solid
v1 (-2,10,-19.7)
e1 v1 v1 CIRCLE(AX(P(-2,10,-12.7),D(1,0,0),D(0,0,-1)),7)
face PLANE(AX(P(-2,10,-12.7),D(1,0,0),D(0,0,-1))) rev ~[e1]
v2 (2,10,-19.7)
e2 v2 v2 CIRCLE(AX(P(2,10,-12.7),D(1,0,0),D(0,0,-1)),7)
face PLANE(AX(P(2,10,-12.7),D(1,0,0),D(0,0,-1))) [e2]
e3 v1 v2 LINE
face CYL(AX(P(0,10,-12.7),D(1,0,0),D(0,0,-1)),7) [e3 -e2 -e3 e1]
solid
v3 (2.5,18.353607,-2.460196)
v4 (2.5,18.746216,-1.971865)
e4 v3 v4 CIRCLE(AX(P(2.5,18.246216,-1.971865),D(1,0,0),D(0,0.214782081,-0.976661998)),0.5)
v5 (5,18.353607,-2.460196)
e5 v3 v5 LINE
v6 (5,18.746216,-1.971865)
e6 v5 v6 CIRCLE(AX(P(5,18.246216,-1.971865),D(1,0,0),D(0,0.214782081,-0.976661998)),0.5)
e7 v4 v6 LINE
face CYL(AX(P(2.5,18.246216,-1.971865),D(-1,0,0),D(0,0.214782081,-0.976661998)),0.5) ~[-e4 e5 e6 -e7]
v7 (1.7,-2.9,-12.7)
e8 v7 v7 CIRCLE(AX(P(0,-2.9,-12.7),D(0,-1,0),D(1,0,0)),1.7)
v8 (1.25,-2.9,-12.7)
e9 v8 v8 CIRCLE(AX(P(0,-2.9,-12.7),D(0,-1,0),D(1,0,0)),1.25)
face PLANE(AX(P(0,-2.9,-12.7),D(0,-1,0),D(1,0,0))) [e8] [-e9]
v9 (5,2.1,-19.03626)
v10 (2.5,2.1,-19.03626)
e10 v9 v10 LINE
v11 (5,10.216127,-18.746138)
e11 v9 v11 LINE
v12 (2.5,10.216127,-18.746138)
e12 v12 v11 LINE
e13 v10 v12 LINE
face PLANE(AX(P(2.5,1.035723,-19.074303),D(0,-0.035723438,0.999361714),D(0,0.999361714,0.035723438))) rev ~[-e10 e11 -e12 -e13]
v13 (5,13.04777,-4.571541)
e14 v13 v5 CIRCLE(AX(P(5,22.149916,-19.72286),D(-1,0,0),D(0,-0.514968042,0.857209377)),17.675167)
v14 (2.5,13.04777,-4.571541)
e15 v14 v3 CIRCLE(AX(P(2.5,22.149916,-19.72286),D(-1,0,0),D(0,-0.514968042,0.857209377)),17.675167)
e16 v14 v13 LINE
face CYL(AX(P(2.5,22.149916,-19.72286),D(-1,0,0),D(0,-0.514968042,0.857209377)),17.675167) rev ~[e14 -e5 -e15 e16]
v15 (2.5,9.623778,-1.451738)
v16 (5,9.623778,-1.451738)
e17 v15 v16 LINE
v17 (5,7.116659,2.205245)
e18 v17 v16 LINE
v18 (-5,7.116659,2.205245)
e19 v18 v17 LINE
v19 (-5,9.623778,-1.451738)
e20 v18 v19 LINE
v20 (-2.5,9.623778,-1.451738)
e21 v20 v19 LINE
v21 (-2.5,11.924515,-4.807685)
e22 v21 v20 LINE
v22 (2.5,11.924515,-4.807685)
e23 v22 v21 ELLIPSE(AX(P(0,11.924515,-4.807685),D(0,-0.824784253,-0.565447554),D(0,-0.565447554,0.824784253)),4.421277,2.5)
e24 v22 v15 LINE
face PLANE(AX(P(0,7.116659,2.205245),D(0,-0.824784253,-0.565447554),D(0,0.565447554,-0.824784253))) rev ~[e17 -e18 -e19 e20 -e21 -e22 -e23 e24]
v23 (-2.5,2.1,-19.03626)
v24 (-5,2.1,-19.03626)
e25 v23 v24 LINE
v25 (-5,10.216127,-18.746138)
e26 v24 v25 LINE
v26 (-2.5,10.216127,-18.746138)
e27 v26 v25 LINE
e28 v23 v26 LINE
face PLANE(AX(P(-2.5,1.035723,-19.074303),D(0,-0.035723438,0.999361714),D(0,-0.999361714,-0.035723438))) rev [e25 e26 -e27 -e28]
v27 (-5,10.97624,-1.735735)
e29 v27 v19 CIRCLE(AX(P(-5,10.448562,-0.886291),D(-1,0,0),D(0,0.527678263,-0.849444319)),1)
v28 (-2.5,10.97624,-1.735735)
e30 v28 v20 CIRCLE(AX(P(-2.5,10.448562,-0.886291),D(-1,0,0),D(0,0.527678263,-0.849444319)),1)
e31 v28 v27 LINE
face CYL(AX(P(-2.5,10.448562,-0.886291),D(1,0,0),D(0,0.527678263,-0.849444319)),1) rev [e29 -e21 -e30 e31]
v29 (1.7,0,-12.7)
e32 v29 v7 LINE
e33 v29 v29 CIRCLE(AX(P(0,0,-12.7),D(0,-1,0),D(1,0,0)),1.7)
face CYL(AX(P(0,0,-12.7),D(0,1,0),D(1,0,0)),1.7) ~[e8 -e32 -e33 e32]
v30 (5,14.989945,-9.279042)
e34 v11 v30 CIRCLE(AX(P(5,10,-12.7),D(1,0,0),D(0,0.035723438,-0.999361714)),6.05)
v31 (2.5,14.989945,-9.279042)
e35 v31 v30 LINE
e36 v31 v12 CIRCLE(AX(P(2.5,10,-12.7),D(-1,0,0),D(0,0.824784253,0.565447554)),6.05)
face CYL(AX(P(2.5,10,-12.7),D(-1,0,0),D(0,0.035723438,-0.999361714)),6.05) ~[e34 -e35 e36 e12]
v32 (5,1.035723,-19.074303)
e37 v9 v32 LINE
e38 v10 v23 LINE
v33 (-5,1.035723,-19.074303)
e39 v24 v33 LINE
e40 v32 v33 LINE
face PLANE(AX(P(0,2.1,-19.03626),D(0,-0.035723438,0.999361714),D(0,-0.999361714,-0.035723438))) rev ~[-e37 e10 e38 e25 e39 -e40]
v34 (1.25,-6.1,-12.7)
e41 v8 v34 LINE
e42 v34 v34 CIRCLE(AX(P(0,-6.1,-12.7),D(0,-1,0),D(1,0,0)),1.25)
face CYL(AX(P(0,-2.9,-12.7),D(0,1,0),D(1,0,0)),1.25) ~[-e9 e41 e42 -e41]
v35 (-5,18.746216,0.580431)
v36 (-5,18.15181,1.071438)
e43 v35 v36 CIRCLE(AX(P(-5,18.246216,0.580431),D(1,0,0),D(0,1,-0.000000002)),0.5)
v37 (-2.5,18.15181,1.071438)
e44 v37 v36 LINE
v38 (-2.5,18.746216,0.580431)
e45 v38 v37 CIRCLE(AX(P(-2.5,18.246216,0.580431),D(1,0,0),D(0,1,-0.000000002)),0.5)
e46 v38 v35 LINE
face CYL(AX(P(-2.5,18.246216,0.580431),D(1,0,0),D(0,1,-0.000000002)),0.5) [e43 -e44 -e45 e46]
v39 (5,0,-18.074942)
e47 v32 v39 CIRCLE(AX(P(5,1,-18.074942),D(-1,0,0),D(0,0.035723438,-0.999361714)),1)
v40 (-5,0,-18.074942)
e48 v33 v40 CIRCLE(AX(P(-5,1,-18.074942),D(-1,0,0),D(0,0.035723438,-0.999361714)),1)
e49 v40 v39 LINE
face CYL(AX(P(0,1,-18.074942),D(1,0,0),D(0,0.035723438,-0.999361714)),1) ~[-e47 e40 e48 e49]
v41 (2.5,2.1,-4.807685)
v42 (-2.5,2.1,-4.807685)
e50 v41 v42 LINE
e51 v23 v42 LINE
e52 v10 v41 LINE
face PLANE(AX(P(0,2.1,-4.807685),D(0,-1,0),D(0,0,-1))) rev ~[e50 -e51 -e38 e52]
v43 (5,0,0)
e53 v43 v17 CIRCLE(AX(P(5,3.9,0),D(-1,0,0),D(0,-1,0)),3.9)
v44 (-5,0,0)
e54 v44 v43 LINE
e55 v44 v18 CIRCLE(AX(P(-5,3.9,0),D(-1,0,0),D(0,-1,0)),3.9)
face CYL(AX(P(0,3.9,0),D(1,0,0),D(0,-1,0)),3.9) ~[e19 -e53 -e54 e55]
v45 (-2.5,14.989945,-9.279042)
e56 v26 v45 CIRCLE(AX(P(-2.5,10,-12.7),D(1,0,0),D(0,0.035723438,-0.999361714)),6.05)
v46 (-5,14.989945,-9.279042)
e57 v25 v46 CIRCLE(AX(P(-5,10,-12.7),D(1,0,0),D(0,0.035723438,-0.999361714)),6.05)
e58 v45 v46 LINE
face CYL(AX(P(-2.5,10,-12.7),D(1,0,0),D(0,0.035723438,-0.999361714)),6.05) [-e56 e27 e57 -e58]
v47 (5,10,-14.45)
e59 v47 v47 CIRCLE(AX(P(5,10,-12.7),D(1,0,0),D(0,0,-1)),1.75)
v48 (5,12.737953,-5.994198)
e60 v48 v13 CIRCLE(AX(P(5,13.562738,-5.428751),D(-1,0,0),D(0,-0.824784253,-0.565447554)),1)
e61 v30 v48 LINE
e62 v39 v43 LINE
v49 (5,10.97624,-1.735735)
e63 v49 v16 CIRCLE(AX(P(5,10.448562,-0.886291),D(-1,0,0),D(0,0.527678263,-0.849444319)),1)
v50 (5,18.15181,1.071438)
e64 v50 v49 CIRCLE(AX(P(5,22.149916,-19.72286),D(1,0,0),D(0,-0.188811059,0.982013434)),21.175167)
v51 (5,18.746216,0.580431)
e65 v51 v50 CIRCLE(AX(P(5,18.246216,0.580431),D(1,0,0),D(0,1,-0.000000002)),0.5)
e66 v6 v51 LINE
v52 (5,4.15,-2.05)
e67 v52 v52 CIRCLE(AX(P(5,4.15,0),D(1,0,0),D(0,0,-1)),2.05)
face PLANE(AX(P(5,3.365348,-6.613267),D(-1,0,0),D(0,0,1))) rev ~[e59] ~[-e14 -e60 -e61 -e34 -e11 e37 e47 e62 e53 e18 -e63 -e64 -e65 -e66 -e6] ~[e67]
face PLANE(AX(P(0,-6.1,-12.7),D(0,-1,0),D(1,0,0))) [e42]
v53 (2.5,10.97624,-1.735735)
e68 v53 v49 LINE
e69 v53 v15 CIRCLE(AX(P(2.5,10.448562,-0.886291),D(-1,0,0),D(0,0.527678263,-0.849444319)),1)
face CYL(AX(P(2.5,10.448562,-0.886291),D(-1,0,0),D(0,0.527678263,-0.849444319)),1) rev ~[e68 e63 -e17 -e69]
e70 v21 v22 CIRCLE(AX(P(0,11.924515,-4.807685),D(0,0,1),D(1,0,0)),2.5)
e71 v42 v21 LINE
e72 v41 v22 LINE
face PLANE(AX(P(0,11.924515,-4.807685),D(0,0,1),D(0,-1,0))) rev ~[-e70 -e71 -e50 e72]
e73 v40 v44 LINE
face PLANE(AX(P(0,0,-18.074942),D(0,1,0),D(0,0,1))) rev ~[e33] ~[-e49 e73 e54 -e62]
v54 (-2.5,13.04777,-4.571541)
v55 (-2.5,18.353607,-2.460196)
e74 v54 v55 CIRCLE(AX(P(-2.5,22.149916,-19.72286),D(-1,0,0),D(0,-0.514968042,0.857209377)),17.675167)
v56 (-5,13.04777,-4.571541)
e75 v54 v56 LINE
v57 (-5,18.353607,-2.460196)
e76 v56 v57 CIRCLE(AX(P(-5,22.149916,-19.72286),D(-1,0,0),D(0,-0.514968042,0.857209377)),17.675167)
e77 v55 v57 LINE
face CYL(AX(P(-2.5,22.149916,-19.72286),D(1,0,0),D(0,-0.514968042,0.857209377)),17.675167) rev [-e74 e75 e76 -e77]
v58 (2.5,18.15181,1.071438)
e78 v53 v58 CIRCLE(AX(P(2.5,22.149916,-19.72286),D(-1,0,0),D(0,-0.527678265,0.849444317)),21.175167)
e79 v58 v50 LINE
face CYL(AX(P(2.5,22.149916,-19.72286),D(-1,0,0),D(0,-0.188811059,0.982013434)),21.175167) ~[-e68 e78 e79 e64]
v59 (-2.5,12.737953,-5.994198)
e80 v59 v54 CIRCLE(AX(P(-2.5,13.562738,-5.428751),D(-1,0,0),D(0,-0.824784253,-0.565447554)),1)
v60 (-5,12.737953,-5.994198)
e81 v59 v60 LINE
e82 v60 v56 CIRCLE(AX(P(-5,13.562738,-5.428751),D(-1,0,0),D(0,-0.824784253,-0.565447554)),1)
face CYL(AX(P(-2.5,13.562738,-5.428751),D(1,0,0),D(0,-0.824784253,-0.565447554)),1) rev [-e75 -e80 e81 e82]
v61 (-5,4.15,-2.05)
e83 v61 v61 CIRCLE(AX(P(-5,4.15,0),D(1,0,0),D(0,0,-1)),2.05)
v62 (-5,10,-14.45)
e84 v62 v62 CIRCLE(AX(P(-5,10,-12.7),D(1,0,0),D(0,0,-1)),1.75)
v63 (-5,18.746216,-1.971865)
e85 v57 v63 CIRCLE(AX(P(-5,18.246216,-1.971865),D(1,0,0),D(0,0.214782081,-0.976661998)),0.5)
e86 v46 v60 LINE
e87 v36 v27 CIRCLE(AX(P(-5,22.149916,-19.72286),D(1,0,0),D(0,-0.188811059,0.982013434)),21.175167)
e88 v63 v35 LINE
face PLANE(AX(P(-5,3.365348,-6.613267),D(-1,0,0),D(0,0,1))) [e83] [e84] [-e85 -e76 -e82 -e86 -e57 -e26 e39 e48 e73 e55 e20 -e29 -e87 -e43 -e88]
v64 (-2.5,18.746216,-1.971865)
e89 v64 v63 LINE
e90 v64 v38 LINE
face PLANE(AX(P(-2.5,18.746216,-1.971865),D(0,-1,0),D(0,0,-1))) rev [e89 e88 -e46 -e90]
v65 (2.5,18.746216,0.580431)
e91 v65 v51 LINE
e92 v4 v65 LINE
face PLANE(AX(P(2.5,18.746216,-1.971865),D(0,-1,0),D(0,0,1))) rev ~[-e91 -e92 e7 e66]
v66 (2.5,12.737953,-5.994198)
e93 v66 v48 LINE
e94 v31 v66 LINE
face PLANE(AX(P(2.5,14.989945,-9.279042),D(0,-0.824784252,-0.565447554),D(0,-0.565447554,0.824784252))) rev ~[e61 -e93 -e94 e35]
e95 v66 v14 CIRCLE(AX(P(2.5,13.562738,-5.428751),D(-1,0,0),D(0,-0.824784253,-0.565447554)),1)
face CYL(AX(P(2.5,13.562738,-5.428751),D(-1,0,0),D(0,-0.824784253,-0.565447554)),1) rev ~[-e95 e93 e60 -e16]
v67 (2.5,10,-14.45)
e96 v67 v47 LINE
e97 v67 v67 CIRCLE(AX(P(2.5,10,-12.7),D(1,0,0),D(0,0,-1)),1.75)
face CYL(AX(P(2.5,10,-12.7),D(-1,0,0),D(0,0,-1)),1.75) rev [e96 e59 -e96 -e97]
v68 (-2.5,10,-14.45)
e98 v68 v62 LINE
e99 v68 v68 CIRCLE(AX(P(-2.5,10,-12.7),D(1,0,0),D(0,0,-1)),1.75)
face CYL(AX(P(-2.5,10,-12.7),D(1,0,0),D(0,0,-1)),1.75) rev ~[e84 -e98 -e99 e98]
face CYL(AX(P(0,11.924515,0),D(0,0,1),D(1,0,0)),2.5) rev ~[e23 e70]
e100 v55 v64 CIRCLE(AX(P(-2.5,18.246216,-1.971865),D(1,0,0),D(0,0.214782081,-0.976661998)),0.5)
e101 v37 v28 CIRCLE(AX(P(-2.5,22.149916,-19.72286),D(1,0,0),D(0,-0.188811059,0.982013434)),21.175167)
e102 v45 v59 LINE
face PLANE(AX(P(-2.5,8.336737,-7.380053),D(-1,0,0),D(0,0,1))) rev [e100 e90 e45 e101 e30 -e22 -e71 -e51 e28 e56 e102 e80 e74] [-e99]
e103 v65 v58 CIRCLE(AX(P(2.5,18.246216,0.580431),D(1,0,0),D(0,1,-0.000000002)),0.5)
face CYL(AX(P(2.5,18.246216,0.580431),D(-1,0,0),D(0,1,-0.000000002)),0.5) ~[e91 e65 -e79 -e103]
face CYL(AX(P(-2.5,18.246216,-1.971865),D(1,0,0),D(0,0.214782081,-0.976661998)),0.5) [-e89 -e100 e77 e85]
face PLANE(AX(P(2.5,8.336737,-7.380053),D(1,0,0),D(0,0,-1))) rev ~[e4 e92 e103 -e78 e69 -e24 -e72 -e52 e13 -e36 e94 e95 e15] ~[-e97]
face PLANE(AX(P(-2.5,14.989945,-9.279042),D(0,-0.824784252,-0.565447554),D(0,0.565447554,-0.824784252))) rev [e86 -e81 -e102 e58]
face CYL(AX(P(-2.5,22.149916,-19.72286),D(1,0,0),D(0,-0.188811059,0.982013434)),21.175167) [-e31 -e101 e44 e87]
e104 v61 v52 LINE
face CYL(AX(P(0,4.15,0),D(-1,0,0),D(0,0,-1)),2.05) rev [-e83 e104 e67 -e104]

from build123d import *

# Parameters (mm, degrees)
BOSS_EXTRUDE3_DEPTH      = 5
BOSS_EXTRUDE3_DEPTH_BACK = 5
SKETCH2_R                = 2.05
BOSS_EXTRUDE1_START      = 2.5
SKETCH1_R                = 2.05
SKETCH1_R_2              = 1.75
BOSS_EXTRUDE1_DEPTH      = 2.5
SKETCH4_R                = 2.5
CUT_EXTRUDE1_DEPTH       = 21
SKETCH6_R                = 1.7
BOSS_EXTRUDE4_DEPTH      = 2.9
SKETCH7_R                = 1.25
BOSS_EXTRUDE5_DEPTH      = 3.2
BOSS_EXTRUDE6_DEPTH      = 2
BOSS_EXTRUDE6_DEPTH_BACK = 2
SKETCH8_R                = 7


with BuildPart() as part:
    # Sketch2 → Boss-Extrude3 (new, two sides: drawn at the far end of the back side and taken through both)
    with BuildSketch(Plane(origin=(0, 0, 0), x_dir=(0, 0, -1), z_dir=(1, 0, 0)).offset(-BOSS_EXTRUDE3_DEPTH_BACK)):
        with BuildLine():
            Line((4.807685332, 11.924515372), (4.807685332, 2.1))
            Line((4.807685332, 2.1), (19.036259504, 2.1))
            Line((19.036259504, 2.1), (19.074303405, 1.035723438))
            ThreePointArc((19.074303405, 1.035723438), (18.794567787, 0.30563822), (18.074941691, 0))
            Line((18.074941691, 0), (0, 0))
            ThreePointArc((0, 0), (-3.725249554, 2.745653536), (-2.205245462, 7.116658585))
            Line((-2.205245462, 7.116658585), (4.807685332, 11.924515372))
        make_face()
        with Locations((0, 4.15)):
            Circle(SKETCH2_R, mode=Mode.SUBTRACT)
    extrude(amount=BOSS_EXTRUDE3_DEPTH + BOSS_EXTRUDE3_DEPTH_BACK)

    # Sketch1 → Boss-Extrude1 (add)
    with BuildSketch(Plane(origin=(0, 0, 0), x_dir=(0, 0, -1), z_dir=(1, 0, 0)).offset(BOSS_EXTRUDE1_START)):
        with BuildLine():
            Line((0, 0), (18.074941691, 0))
            ThreePointArc((18.074941691, 0), (18.794567787, 0.30563822), (19.074303405, 1.035723438))
            Line((19.074303405, 1.035723438), (18.746138371, 10.2161268))
            ThreePointArc((18.746138371, 10.2161268), (15.424009506, 15.402061848), (9.279042296, 14.989944728))
            Line((9.279042296, 14.989944728), (5.994198358, 12.737953415))
            ThreePointArc((5.994198358, 12.737953415), (5.215965086, 12.585638779), (4.571541427, 13.047769626))
            ThreePointArc((4.571541427, 13.047769626), (3.300176399, 15.61485789), (2.460196394, 18.353606653))
            ThreePointArc((2.460196394, 18.353606653), (2.285157974, 18.635892094), (1.971865395, 18.746215613))
            Line((1.971865395, 18.746215613), (-0.58043143, 18.746215613))
            ThreePointArc((-0.58043143, 18.746215613), (-0.965919929, 18.564647109), (-1.071438147, 18.151810083))
            ThreePointArc((-1.071438147, 18.151810083), (0.003024945, 14.435267981), (1.735735032, 10.976240389))
            ThreePointArc((1.735735032, 10.976240389), (1.864947174, 10.243059004), (1.451738268, 9.623777871))
            Line((1.451738268, 9.623777871), (-2.205245462, 7.116658585))
            ThreePointArc((-2.205245462, 7.116658585), (-3.725249554, 2.745653536), (0, 0))
        make_face()
        with Locations((0, 4.15)):
            Circle(SKETCH1_R, mode=Mode.SUBTRACT)
        with Locations((12.7, 10)):
            Circle(SKETCH1_R_2, mode=Mode.SUBTRACT)
    boss_extrude1 = extrude(amount=BOSS_EXTRUDE1_DEPTH)

    # Mirror2: Boss-Extrude1 across plane
    add(boss_extrude1.mirror(Plane(origin=(0, 0, 0), x_dir=(0, 0, 1), z_dir=(1, 0, 0))))

    # Sketch4 → Cut-Extrude1 (cut)
    with BuildSketch(Plane.XY):
        with Locations((0, 11.924515372)):
            Circle(SKETCH4_R)
    extrude(amount=-CUT_EXTRUDE1_DEPTH, mode=Mode.SUBTRACT)

    # Sketch6 → Boss-Extrude4 (add)
    with BuildSketch(Plane.XZ):
        with Locations((0, -12.7)):
            Circle(SKETCH6_R)
    extrude(amount=BOSS_EXTRUDE4_DEPTH)

    # Sketch7 → Boss-Extrude5 (add)
    with BuildSketch(Plane.XZ.offset(2.9)):
        with Locations((0, -12.7)):
            Circle(SKETCH7_R)
    extrude(amount=BOSS_EXTRUDE5_DEPTH)


with BuildPart() as body_2:
    # Sketch8 → Boss-Extrude6 (new, two sides: drawn at the far end of the back side and taken through both)
    with BuildSketch(Plane(origin=(0, 0, 0), x_dir=(0, 0, -1), z_dir=(1, 0, 0)).offset(-BOSS_EXTRUDE6_DEPTH_BACK)):
        with Locations((12.7, 10)):
            Circle(SKETCH8_R)
    extrude(amount=BOSS_EXTRUDE6_DEPTH + BOSS_EXTRUDE6_DEPTH_BACK)


solid = Compound([part.part, body_2.part])
